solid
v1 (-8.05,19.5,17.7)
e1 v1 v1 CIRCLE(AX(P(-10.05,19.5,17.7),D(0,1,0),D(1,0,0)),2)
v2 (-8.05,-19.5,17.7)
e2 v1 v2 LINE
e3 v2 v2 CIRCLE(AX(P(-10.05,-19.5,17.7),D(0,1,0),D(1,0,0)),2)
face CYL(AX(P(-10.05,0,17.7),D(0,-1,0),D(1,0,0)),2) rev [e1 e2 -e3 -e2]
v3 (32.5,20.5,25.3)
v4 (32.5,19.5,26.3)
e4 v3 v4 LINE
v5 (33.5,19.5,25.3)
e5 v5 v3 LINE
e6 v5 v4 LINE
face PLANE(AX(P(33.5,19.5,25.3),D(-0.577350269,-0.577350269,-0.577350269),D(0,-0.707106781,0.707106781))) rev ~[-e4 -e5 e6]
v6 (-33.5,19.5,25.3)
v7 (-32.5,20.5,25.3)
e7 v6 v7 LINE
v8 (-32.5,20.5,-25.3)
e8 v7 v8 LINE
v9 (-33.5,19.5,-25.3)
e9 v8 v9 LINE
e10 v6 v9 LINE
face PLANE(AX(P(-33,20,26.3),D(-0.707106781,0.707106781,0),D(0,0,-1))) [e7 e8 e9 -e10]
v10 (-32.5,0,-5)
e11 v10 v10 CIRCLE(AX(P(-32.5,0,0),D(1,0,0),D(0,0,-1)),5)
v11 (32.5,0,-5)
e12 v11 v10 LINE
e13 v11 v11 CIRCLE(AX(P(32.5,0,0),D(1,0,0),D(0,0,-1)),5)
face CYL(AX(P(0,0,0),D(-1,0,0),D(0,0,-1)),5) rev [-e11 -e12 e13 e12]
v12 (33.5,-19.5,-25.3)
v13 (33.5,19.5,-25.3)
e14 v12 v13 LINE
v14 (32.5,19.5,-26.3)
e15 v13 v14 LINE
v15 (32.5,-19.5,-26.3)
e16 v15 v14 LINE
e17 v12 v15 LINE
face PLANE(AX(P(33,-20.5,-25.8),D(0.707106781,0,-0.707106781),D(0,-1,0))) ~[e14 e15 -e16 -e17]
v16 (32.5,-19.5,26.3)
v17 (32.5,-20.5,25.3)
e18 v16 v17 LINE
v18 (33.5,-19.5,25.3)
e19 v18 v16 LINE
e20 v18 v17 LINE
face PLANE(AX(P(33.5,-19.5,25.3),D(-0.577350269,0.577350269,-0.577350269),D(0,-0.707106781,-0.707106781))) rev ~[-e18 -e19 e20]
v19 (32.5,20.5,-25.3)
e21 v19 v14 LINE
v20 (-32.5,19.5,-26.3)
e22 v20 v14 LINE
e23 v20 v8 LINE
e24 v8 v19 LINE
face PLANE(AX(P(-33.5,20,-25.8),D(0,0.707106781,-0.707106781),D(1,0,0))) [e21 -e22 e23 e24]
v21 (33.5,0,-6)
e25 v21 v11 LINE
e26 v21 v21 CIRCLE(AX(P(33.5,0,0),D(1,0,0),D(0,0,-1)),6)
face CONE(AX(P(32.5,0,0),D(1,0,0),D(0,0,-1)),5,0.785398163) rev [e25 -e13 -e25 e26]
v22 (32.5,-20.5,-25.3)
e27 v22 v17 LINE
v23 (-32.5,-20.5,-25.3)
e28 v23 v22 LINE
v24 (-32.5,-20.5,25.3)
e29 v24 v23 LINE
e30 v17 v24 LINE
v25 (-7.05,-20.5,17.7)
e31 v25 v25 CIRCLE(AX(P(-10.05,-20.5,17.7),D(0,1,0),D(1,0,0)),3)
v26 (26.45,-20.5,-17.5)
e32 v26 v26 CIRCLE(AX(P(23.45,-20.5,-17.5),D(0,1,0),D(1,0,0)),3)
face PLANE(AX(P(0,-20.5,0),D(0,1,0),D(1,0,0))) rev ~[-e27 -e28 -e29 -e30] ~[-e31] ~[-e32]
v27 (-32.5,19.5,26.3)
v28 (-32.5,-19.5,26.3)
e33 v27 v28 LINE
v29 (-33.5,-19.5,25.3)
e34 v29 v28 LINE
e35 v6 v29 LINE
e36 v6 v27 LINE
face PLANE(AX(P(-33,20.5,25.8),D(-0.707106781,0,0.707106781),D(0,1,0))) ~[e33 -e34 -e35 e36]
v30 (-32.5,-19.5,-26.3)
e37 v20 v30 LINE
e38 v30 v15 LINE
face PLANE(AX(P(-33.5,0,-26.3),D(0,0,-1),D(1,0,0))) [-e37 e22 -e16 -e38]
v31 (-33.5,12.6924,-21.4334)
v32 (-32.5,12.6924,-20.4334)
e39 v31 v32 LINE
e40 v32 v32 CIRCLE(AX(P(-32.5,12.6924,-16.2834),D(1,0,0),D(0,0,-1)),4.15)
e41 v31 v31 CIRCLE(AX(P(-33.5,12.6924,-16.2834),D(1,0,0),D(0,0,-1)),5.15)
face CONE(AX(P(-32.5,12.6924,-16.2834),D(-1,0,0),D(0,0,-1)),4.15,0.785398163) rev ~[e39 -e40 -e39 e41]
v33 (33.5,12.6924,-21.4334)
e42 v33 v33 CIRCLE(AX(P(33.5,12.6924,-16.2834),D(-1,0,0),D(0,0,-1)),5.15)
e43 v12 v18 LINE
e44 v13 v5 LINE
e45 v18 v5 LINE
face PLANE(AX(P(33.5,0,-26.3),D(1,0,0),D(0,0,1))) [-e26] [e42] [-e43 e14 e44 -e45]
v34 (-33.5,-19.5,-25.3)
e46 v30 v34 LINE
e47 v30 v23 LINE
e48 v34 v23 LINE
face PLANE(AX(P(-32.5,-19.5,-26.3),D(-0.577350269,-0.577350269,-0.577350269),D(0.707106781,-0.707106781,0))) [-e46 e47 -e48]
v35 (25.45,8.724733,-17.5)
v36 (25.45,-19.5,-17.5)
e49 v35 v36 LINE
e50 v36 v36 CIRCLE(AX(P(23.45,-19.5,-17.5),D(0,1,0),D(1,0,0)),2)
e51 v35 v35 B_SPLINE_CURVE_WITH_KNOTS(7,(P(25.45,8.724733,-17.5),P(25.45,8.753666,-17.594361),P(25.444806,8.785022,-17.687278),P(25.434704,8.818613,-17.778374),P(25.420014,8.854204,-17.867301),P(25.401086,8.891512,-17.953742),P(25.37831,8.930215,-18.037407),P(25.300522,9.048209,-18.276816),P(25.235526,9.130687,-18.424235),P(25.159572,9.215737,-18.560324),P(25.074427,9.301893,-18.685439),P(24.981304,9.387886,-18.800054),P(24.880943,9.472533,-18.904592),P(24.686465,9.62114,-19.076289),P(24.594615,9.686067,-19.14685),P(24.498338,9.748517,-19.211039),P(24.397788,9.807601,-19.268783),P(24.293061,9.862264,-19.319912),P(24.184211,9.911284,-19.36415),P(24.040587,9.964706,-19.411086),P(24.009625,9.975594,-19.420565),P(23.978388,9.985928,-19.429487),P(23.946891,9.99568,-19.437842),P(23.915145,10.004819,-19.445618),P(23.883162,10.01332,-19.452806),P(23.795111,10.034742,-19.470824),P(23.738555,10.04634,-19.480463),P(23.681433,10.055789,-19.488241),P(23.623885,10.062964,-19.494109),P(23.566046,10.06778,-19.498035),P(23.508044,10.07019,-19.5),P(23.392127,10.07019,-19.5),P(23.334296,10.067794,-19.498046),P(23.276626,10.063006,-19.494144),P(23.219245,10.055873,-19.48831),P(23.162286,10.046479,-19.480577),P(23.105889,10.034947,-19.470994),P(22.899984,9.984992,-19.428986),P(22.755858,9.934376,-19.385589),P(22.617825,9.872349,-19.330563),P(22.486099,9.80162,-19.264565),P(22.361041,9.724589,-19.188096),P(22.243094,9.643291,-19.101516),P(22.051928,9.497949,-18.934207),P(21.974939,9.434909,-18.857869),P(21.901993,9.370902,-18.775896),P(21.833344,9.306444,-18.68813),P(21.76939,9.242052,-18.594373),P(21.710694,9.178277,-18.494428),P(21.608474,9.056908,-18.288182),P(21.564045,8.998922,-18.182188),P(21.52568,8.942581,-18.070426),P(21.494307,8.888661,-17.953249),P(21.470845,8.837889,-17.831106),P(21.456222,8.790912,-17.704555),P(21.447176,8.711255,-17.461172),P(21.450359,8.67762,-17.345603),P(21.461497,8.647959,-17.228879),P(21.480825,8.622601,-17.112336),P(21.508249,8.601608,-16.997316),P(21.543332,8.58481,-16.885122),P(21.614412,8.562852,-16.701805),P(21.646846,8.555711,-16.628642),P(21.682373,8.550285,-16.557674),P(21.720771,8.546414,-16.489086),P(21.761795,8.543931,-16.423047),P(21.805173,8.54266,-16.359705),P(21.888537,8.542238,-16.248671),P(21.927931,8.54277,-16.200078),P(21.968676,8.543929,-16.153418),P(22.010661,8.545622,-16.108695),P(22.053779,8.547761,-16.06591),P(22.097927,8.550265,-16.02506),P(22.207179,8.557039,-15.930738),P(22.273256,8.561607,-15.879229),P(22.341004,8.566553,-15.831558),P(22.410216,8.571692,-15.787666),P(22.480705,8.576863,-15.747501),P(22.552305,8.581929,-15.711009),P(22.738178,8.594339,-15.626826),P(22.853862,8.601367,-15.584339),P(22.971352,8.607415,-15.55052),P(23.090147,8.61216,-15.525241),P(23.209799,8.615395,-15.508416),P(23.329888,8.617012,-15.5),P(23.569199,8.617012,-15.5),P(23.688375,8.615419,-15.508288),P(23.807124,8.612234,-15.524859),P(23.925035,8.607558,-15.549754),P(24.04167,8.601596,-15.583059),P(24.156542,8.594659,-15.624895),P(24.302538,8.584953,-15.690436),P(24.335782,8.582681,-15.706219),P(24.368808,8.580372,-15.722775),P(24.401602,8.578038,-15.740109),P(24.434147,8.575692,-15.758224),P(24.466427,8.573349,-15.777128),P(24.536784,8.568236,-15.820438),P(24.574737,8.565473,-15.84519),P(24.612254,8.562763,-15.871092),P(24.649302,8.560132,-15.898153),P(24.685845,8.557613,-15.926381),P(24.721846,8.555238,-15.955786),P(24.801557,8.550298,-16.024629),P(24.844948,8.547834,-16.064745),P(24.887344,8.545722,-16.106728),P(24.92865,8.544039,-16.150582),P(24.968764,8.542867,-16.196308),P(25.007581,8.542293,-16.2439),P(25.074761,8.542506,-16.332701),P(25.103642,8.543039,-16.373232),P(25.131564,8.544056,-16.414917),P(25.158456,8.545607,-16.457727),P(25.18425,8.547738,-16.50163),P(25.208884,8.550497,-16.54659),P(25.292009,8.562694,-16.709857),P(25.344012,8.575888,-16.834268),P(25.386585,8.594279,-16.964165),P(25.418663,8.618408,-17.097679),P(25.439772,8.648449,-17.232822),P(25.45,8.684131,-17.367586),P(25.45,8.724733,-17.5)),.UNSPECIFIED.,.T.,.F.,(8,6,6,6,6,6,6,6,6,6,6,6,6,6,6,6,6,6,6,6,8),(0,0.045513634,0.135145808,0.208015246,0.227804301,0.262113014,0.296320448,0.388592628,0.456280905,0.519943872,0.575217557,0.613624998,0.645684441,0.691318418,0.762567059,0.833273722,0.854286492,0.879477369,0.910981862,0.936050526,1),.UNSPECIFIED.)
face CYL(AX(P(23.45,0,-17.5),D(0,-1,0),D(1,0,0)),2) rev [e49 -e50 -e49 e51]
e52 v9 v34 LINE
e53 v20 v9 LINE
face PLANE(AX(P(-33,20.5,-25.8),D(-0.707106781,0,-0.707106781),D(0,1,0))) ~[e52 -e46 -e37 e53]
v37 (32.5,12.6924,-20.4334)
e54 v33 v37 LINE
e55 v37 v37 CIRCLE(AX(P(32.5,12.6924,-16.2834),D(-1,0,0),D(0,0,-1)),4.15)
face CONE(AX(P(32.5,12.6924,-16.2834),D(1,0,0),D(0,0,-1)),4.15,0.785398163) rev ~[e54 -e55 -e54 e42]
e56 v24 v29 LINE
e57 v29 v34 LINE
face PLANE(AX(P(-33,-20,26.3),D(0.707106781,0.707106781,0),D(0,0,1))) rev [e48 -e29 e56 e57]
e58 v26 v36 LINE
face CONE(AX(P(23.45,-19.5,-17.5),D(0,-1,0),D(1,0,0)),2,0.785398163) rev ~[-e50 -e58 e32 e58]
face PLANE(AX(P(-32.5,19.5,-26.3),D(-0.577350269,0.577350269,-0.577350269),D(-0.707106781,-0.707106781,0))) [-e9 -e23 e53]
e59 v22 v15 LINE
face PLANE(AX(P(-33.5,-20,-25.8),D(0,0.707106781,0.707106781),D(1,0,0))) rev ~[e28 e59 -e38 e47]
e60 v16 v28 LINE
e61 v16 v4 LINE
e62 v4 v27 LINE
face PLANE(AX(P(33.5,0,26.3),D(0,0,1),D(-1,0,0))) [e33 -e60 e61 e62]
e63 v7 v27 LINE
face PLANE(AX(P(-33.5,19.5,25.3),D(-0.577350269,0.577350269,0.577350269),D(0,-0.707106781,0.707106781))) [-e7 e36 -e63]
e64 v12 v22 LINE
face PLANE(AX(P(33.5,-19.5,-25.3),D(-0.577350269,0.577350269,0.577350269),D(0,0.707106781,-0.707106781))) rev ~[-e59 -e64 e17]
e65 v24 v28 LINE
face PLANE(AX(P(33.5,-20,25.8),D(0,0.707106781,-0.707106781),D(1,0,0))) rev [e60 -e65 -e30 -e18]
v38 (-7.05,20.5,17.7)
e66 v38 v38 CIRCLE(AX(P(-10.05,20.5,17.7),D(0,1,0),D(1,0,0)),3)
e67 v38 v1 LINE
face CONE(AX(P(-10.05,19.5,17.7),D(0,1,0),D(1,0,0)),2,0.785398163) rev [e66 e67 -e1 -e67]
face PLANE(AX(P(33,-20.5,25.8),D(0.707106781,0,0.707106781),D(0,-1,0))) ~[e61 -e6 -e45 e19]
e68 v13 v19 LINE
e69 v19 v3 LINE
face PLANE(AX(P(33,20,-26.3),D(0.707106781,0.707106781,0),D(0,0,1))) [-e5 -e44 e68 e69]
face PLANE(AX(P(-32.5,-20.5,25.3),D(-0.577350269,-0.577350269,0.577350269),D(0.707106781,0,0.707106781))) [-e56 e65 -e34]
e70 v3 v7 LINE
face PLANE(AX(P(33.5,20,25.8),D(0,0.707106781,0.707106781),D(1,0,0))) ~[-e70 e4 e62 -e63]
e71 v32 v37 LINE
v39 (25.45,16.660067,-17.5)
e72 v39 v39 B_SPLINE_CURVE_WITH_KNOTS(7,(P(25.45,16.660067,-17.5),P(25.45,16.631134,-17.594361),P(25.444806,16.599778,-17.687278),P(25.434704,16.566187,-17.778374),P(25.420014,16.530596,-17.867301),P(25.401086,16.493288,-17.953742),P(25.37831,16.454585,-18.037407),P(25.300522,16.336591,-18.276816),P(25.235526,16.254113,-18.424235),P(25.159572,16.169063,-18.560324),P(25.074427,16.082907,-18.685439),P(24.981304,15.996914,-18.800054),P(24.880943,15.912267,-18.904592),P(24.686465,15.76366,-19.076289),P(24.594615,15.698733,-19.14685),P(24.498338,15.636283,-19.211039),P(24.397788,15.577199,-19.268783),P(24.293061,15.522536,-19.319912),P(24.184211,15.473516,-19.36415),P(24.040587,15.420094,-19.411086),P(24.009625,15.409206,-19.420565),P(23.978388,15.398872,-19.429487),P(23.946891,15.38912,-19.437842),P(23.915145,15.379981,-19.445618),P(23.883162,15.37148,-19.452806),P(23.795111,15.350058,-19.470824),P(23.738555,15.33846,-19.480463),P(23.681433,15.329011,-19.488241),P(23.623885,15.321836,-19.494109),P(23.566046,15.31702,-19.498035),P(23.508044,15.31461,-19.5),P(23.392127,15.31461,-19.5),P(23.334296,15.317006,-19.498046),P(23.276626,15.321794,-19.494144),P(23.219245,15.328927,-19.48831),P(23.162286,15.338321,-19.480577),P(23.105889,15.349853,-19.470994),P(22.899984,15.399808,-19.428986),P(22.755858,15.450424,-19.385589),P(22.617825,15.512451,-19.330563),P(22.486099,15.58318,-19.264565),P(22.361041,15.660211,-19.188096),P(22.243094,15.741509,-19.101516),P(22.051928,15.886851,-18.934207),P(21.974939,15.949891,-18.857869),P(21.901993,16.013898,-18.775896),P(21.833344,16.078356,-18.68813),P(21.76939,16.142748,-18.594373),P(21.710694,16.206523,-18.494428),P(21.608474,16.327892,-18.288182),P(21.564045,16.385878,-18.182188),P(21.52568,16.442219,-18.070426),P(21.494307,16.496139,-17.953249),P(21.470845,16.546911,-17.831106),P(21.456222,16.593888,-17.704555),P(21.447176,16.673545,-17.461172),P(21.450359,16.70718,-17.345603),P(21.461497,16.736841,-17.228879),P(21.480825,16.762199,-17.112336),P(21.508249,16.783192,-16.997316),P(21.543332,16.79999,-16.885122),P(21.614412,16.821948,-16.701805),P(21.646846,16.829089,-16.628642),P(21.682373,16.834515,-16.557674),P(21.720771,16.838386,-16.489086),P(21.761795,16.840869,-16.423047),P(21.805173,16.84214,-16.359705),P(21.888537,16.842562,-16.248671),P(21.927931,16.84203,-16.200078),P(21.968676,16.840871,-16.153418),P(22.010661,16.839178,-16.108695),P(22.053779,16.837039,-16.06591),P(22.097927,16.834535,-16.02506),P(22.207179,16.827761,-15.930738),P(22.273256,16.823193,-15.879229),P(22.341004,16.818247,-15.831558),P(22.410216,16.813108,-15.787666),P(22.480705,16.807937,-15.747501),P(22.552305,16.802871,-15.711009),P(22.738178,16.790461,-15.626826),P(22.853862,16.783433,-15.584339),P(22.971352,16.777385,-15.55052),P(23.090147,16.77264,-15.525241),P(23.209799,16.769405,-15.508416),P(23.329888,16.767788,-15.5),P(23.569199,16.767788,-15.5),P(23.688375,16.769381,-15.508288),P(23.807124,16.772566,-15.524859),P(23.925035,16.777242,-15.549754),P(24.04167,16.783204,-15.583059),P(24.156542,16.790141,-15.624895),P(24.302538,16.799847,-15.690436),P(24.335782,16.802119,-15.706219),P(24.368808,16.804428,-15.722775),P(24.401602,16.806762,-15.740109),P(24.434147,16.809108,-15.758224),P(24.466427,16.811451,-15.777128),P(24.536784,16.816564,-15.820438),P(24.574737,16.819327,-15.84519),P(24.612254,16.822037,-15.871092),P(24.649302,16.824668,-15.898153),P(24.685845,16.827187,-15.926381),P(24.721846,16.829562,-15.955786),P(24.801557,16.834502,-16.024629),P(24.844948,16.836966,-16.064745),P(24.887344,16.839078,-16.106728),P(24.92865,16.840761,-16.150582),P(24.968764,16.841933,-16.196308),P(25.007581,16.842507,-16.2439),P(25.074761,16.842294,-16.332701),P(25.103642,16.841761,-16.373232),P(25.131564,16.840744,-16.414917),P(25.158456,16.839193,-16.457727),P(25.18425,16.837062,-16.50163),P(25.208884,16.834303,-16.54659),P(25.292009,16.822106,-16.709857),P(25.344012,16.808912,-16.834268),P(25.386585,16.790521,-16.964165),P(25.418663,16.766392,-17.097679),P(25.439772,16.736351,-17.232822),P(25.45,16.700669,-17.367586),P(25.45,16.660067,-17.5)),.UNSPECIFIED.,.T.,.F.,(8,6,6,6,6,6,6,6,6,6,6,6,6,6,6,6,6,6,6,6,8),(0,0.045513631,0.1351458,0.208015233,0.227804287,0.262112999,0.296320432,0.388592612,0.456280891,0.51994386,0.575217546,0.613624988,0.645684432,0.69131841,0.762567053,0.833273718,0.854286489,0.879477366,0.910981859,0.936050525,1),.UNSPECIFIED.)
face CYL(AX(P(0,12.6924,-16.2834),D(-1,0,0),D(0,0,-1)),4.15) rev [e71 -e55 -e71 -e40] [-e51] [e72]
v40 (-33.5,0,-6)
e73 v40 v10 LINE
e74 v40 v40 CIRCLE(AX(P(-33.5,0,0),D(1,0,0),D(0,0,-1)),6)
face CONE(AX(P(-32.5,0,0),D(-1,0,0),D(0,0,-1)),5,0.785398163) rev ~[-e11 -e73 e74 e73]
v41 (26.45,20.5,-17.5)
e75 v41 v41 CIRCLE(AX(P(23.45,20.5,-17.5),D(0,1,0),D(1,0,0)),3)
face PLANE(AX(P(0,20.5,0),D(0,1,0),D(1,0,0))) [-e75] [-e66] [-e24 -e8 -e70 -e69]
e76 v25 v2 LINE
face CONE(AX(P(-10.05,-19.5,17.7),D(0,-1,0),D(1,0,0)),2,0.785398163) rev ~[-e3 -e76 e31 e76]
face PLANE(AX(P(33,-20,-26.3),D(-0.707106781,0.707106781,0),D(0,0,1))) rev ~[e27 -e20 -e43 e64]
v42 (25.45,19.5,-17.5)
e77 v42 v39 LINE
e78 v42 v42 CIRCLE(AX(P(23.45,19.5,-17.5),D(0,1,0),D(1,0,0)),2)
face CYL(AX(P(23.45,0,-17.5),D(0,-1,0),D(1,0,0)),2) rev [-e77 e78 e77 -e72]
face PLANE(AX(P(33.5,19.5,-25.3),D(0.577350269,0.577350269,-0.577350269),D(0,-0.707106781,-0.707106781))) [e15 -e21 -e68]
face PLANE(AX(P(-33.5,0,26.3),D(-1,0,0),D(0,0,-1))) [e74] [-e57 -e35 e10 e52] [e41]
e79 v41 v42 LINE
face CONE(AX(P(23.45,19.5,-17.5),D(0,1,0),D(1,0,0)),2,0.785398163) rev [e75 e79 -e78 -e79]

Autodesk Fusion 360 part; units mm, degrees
sketch "Sketch1" plane through (0, 0, 0) normal (0, 1, 0) x (1, 0, 0) in component "WoaS Preamp Box Drilling Block"
  line L0 (33.5, -26.3) -> (-33.5, -26.3)
  line L1 (-33.5, -26.3) -> (-33.5, 26.3)
  line L2 (-33.5, 26.3) -> (33.5, 26.3)
  line L3 (33.5, 26.3) -> (33.5, -26.3)
  line L4 (33.5, -26.3) -> (-33.5, 26.3) construction
  line L5 (-33.5, -26.3) -> (33.5, 26.3) construction
  line L6 (0, 0) -> (-10.05, 0) construction
  line L7 (-10.05, 0) -> (-10.05, -17.7) construction
  line L8 (0, 0) -> (23.45, 0) construction
  line L9 (23.45, 0) -> (23.45, 17.5) construction
  circle A0 centre (23.45, 17.5) radius 2
  circle A1 centre (-10.05, -17.7) radius 2
  dimension "d1" = 67
  dimension "d2" = 52.6
  dimension "d3" = 10.05
  dimension "d4" = 17.7
  dimension "d5" = 23.45
  dimension "d6" = 17.5
  dimension "d7" = 4
  dimension "d8" = 4
sketch "Sketch2" plane through (0, 0, 0) normal (1, 0, 0) x (0, 0, -1) in component "WoaS Preamp Box Drilling Block"
  line L0 (-26.3, -20.5) -> (26.3, -20.5)
  line L1 (26.3, -20.5) -> (26.3, 20.5)
  line L2 (26.3, 20.5) -> (-26.3, 20.5)
  line L3 (-26.3, 20.5) -> (-26.3, -20.5)
  line L4 (-26.3, -20.5) -> (26.3, 20.5) construction
  line L5 (26.3, -20.5) -> (-26.3, 20.5) construction
  circle A0 centre (0, 0) radius 5
  line L6 (26.3, 20.5) -> (16.2834, 12.6924)
  circle A1 centre (16.2834, 12.6924) radius 4.15
  dimension "d9" = 52.6
  dimension "d10" = 41
  dimension "d11" = 10
  dimension "d12" = 12.7
  dimension "d13" = 8.3
extrude "Extrude1" add sketch "Sketch1" along normal mid plane 41 in component "WoaS Preamp Box Drilling Block"
extrude "Extrude2" cut sketch "Sketch2" along normal mid plane 67 contours A1 | A0 in component "WoaS Preamp Box Drilling Block"
chamfer "Chamfer1" distance 1 angle 45 6 faces at (-7.3094, 20.5, -9.2654) (-33.5, 0, 19.2) (-11.1667, 6.8333, 26.3) (-7.3094, -20.5, -9.2654) (33.5, 0, 19.2) (-11.1667, -6.8333, -26.3) in component "WoaS Preamp Box Drilling Block"
component "WoaS Preamp Box Drilling Block" placed x (1, 0, 0) y (0, 1, 0) z (0, 0, 1) at (0, 0, 0)
equation "d3 = ( 69.9 / 2 ) * 1 mm - 24.9 mm"
equation "d4 = ( 55 / 2 ) * 1 mm - 9.8 mm"
equation "d5 = ( 69.9 / 2 ) * 1 mm - 11.5 mm"
equation "d6 = ( 55 / 2 ) * 1 mm - 10 mm"
equation "d12 = ( 25.4 / 2 ) * 1 mm"
equation "d14 = ( 41 / 2 ) * 1 mm"
